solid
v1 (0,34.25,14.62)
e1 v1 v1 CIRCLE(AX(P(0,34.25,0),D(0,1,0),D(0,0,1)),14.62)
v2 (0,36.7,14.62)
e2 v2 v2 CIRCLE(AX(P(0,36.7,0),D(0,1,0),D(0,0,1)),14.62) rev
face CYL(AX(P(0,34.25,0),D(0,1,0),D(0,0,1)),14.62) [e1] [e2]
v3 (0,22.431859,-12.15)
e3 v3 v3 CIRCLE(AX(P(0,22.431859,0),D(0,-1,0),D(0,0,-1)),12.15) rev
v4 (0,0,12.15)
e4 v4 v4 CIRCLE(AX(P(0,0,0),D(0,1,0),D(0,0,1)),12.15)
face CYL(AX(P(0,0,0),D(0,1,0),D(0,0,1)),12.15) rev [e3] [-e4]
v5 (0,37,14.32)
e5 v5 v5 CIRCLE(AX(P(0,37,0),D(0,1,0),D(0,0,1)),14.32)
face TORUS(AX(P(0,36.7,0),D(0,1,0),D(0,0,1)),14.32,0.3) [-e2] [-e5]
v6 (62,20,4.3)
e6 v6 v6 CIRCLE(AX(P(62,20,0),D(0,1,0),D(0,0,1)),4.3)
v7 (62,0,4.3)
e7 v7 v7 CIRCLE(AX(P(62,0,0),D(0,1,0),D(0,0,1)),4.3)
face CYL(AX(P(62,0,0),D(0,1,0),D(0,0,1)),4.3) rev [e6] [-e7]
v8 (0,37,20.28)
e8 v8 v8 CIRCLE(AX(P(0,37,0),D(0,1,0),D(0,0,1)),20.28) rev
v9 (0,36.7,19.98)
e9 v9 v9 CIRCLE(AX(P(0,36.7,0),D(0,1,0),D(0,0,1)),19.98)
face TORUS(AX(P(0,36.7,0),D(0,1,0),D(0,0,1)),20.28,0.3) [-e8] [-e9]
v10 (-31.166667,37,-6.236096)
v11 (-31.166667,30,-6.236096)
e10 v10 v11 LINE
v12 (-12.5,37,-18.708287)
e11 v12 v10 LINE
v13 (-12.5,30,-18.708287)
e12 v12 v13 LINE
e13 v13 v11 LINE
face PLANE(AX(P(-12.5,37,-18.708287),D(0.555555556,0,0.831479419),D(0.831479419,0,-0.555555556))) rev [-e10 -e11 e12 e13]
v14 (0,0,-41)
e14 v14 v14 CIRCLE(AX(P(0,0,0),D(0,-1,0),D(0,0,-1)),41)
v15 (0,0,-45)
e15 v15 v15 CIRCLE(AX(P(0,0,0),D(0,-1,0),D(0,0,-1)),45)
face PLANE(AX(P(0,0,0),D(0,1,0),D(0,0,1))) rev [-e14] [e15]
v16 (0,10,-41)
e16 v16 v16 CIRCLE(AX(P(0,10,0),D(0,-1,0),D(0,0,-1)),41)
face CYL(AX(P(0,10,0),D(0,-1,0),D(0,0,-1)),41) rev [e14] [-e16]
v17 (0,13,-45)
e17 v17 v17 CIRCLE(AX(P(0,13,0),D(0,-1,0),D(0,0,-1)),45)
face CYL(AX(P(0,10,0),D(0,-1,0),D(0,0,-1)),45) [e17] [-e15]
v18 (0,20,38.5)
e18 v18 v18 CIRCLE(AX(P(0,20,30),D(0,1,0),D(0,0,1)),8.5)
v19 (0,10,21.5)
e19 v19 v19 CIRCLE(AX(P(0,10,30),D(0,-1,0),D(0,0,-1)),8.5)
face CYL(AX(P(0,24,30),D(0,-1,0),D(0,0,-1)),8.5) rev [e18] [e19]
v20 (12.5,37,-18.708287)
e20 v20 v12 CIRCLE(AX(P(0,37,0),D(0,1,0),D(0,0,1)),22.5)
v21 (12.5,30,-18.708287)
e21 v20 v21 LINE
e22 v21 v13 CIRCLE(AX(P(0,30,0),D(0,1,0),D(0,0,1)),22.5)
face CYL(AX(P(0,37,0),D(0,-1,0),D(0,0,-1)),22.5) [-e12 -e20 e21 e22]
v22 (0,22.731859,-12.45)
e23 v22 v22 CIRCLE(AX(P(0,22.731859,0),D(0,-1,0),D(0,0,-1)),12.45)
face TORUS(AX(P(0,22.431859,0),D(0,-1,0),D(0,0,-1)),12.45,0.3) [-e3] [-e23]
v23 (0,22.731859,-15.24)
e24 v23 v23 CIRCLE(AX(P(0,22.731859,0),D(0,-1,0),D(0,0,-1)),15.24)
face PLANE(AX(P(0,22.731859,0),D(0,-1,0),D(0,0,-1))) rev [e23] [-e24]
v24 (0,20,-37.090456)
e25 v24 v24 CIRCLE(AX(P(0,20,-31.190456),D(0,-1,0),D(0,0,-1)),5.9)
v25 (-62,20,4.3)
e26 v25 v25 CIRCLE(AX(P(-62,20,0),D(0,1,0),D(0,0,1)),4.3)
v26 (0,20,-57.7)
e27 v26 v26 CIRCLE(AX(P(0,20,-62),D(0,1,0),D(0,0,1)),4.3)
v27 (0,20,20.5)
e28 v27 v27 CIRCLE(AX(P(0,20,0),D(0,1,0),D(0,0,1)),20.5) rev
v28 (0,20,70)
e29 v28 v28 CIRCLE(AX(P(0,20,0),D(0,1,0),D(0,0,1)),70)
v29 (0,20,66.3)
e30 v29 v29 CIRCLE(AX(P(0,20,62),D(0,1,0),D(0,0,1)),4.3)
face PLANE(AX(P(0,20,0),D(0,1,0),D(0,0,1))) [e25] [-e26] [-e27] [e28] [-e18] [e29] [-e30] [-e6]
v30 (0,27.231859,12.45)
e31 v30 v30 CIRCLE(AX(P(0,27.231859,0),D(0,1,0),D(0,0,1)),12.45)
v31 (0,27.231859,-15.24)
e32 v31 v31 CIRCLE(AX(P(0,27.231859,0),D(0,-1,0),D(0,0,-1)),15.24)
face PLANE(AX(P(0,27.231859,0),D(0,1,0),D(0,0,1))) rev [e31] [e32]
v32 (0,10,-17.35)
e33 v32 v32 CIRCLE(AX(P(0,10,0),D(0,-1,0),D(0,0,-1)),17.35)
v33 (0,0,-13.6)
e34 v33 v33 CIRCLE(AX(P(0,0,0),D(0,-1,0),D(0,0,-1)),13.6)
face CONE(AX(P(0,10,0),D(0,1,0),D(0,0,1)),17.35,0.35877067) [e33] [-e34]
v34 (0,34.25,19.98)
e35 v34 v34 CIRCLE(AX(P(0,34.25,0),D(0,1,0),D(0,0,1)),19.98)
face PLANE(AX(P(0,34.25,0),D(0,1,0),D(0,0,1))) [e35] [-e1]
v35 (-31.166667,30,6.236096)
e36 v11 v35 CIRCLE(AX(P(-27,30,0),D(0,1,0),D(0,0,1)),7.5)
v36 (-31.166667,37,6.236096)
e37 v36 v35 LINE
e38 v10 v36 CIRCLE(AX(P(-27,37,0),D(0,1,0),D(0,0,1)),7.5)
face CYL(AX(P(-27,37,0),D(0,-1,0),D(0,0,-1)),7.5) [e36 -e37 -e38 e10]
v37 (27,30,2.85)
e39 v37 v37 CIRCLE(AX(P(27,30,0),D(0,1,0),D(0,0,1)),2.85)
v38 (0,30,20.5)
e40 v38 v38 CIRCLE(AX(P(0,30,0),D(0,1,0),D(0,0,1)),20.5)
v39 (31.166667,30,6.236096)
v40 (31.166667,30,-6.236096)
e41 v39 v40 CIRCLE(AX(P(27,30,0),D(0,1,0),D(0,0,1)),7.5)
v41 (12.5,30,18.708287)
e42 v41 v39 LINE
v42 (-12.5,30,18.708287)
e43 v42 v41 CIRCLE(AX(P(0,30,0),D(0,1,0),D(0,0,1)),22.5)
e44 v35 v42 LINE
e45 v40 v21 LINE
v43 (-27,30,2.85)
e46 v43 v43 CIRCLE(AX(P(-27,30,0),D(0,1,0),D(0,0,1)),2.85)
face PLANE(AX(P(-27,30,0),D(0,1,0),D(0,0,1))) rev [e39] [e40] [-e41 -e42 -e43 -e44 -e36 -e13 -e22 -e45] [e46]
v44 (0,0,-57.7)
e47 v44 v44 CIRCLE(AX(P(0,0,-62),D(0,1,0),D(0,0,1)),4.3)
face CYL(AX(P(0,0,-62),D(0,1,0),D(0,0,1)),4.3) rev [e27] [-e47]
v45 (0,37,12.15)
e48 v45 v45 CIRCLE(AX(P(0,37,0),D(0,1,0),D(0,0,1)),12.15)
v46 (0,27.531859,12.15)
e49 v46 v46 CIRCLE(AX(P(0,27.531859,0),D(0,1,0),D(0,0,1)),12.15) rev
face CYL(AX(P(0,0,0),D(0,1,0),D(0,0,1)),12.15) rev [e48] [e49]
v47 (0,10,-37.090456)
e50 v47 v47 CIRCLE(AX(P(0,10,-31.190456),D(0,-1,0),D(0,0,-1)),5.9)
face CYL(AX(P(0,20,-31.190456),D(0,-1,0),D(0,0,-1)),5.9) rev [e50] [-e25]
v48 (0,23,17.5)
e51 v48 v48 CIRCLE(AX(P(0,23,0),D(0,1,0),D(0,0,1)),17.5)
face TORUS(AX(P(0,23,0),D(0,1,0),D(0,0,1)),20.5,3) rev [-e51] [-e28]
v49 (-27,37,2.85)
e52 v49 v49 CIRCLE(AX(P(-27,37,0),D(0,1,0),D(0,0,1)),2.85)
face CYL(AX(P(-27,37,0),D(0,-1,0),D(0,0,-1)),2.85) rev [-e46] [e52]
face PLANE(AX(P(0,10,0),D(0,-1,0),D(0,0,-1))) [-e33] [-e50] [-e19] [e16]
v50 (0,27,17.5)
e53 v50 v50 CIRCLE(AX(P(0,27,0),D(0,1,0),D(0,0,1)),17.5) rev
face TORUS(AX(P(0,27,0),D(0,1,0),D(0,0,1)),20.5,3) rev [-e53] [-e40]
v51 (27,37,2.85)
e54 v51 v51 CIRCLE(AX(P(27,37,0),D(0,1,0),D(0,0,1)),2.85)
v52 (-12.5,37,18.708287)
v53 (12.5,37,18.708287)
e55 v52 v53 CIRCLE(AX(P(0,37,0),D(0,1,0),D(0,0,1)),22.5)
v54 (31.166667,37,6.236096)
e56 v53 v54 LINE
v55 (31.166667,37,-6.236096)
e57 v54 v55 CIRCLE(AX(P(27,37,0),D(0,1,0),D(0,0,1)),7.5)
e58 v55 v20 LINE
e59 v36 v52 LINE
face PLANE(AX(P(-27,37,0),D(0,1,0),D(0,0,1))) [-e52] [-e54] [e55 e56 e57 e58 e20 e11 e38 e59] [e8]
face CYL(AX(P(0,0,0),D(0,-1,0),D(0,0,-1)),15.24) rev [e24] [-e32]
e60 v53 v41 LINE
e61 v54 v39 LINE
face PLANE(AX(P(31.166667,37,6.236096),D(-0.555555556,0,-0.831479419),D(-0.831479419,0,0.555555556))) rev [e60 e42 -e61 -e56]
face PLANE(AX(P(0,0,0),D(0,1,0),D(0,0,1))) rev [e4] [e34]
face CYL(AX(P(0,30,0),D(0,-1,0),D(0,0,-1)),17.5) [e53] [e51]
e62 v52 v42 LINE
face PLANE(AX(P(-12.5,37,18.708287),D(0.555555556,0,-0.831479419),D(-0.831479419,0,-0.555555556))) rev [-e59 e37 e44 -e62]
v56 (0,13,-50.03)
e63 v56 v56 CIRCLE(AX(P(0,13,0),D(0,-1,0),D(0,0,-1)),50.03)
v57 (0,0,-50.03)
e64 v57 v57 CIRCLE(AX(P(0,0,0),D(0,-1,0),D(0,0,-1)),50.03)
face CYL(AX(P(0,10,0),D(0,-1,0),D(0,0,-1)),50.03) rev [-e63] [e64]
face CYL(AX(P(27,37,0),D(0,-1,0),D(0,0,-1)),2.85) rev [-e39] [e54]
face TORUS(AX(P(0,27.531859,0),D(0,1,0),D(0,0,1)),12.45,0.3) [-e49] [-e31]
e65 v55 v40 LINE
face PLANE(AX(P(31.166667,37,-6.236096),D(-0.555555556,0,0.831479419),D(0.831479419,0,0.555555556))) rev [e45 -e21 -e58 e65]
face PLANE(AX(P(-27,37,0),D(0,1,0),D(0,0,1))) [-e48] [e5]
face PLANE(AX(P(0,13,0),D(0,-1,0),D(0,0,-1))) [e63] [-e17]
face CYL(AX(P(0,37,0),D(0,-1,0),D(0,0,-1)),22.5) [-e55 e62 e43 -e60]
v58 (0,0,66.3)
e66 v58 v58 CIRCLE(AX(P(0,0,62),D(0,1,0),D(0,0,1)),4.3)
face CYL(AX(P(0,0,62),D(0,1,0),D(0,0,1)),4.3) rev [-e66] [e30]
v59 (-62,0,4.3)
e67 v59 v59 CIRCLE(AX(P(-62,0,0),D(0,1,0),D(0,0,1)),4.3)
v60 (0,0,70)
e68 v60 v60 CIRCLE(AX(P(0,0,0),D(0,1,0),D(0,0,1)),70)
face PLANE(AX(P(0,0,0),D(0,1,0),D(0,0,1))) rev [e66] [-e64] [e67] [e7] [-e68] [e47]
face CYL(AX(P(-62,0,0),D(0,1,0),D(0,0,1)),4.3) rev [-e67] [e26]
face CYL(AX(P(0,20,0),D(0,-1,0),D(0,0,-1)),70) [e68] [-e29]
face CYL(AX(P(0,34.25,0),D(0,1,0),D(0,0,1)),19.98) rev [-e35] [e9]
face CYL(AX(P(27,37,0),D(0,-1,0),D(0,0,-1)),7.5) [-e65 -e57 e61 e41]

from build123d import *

# Parameters (mm, degrees)
IZIM1_R                     = 70
Y_KSEKLIK_EKSTR_ZYON1_DEPTH = 20
IZIM2_R                     = 50.03
IZIM2_R_2                   = 45
IZIM2_R_3                   = 41
IZIM2_R_4                   = 17.35
KES_EKSTR_ZYON1_DEPTH       = 10
IZIM5_R                     = 17.5
Y_KSEKLIK_EKSTR_ZYON2_DEPTH = 10
IZIM7_R                     = 2.85
Y_KSEKLIK_EKSTR_ZYON3_DEPTH = 7
IZIM8_R                     = 12.15
KES_EKSTR_ZYON3_DEPTH       = 106.683489723
IZIM9_R                     = 19.98
IZIM9_R_2                   = 14.62
KES_EKSTR_ZYON4_DEPTH       = 2.75
RADYUS1_R                   = 0.3
RADYUS2_R                   = 3
IZIM10_W                    = 3.323821642
IZIM10_H                    = 4.5
RADYUS3_R                   = 0.3
IZIM12_R                    = 4.3
KES_EKSTR_ZYON5_DEPTH       = 101.995049384
IZIM13_R                    = 8.5
KES_EKSTR_ZYON6_DEPTH       = 14
IZIM14_R                    = 50.03
IZIM14_R_2                  = 45
KES_EKSTR_ZYON8_DEPTH       = 3
IZIM15_R                    = 5.9
KES_EKSTR_ZYON9_DEPTH       = 10


with BuildPart() as part:
    # Çizim1 → Yükseklik-Ekstrüzyon1 (new body)
    with BuildSketch(Plane(origin=(0, 0, 0), x_dir=(1, 0, 0), z_dir=(0, 1, 0))):
        with Locations(Location((0, 0, 0), (0, 0, 270))):
            Circle(IZIM1_R)
    extrude(amount=Y_KSEKLIK_EKSTR_ZYON1_DEPTH)

    # Çizim2 → Kes-Ekstrüzyon1 (cut)
    # profile 1 of 2: a face of its own
    with BuildSketch(Plane.XZ):
        with Locations(Location((0, 0, 0), (0, 0, 270))):
            Circle(IZIM2_R)
        with Locations(Location((0, 0, 0), (0, 0, 270))):
            Circle(IZIM2_R_2, mode=Mode.SUBTRACT)
    # profile 2 of 2: a face of its own
    with BuildSketch(Plane.XZ):
        with Locations(Location((0, 0, 0), (0, 0, 270))):
            Circle(IZIM2_R_3)
        with Locations(Location((0, 0, 0), (0, 0, 270))):
            Circle(IZIM2_R_4, mode=Mode.SUBTRACT)
    extrude(amount=-KES_EKSTR_ZYON1_DEPTH, mode=Mode.SUBTRACT)

    # Çizim4 → Kes-Döndür1 (revolve, cut)
    with BuildSketch(Plane.XY, mode=Mode.PRIVATE) as kes_d_nd_r1_sk:
        Polygon((-17.35, 10), (-17.35, 0), (-13.6, 0), align=None)
    revolve(kes_d_nd_r1_sk.sketch.rotate(Axis((0, 0, 0), (0, 1, 0)), 270), axis=Axis((0, 0, 0), (0, 1, 0)), mode=Mode.SUBTRACT)

    # Çizim5 → Yükseklik-Ekstrüzyon2 (add)
    with BuildSketch(Plane(origin=(0, 20, 0), x_dir=(1, 0, 0), z_dir=(0, 1, 0))):
        with Locations(Location((0, 0, 0), (0, 0, 270))):
            Circle(IZIM5_R)
    extrude(amount=Y_KSEKLIK_EKSTR_ZYON2_DEPTH)

    # Çizim7 → Yükseklik-Ekstrüzyon3 (add)
    with BuildSketch(Plane(origin=(0, 30, 0), x_dir=(1, 0, 0), z_dir=(0, 1, 0))):
        with BuildLine():
            Line((31.166666667, -6.236095645), (12.5, -18.708286934))
            ThreePointArc((12.5, -18.708286934), (0, -22.5), (-12.5, -18.708286934))
            Line((-12.5, -18.708286934), (-31.166666667, -6.236095645))
            ThreePointArc((-31.166666667, -6.236095645), (-34.5, 0), (-31.166666667, 6.236095645))
            Line((-31.166666667, 6.236095645), (-12.5, 18.708286934))
            ThreePointArc((-12.5, 18.708286934), (0, 22.5), (12.5, 18.708286934))
            Line((12.5, 18.708286934), (31.166666667, 6.236095645))
            ThreePointArc((31.166666667, 6.236095645), (34.5, 0), (31.166666667, -6.236095645))
        make_face()
        with Locations(Location((-27, 0, 0), (0, 0, 270))):
            Circle(IZIM7_R, mode=Mode.SUBTRACT)
        with Locations(Location((27, 0, 0), (0, 0, 270))):
            Circle(IZIM7_R, mode=Mode.SUBTRACT)
    extrude(amount=Y_KSEKLIK_EKSTR_ZYON3_DEPTH)

    # Çizim8 → Kes-Ekstrüzyon3 (cut, through all)
    with BuildSketch(Plane(origin=(0, 37, 0), x_dir=(1, 0, 0), z_dir=(0, 1, 0))):
        with Locations(Location((0, 0, 0), (0, 0, 270))):
            Circle(IZIM8_R)
    extrude(amount=-KES_EKSTR_ZYON3_DEPTH, mode=Mode.SUBTRACT)

    # Çizim9 → Kes-Ekstrüzyon4 (cut)
    with BuildSketch(Plane(origin=(0, 37, 0), x_dir=(1, 0, 0), z_dir=(0, 1, 0))):
        with Locations(Location((0, 0, 0), (0, 0, 270))):
            Circle(IZIM9_R)
        with Locations(Location((0, 0, 0), (0, 0, 270))):
            Circle(IZIM9_R_2, mode=Mode.SUBTRACT)
    extrude(amount=-KES_EKSTR_ZYON4_DEPTH, mode=Mode.SUBTRACT)

    # Radyus1
    radyus1_edges = [part.edges().sort_by_distance(p)[0] for p in [
        (0, 37, -19.98),
        (0, 37, -14.62),
    ]]
    fillet(radyus1_edges, radius=RADYUS1_R)

    # Radyus2
    radyus2_edges = [part.edges().sort_by_distance(p)[0] for p in [
        (0, 20, -17.5),
        (0, 30, -17.5),
    ]]
    fillet(radyus2_edges, radius=RADYUS2_R)

    # Çizim10 → Kes-Döndür2 (revolve, cut)
    with BuildSketch(Plane.XY, mode=Mode.PRIVATE) as kes_d_nd_r2_sk:
        with Locations((-13.578089179, 24.981859074)):
            Rectangle(IZIM10_W, IZIM10_H)
    revolve(kes_d_nd_r2_sk.sketch.rotate(Axis((0, 0, 0), (0, 1, 0)), 90), axis=Axis((0, 0, 0), (0, 1, 0)), mode=Mode.SUBTRACT)

    # Radyus3
    radyus3_edges = [part.edges().sort_by_distance(p)[0] for p in [
        (0, 27.231859074, -12.15),
        (0, 22.731859074, -12.15),
    ]]
    fillet(radyus3_edges, radius=RADYUS3_R)

    # Çizim12 → Kes-Ekstrüzyon5 (cut, through all)
    with BuildSketch(Plane(origin=(0, 20, 0), x_dir=(1, 0, 0), z_dir=(0, 1, 0))):
        with Locations(Location((0, 62, 0), (0, 0, 270))):
            Circle(IZIM12_R)
        with Locations(Location((62, 0, 0), (0, 0, 270))):
            Circle(IZIM12_R)
        with Locations(Location((0, -62, 0), (0, 0, 270))):
            Circle(IZIM12_R)
        with Locations(Location((-62, 0, 0), (0, 0, 270))):
            Circle(IZIM12_R)
    extrude(amount=-KES_EKSTR_ZYON5_DEPTH, mode=Mode.SUBTRACT)

    # Çizim13 → Kes-Ekstrüzyon6 (cut)
    with BuildSketch(Plane.XZ.offset(-10)):
        with Locations(Location((0, 30, 0), (0, 0, 270))):
            Circle(IZIM13_R)
    extrude(amount=-KES_EKSTR_ZYON6_DEPTH, mode=Mode.SUBTRACT)

    # Çizim14 → Kes-Ekstrüzyon8 (cut)
    with BuildSketch(Plane.XZ.offset(-10)):
        with Locations(Location((0, 0, 0), (0, 0, 270))):
            Circle(IZIM14_R)
        with Locations(Location((0, 0, 0), (0, 0, 270))):
            Circle(IZIM14_R_2, mode=Mode.SUBTRACT)
    extrude(amount=-KES_EKSTR_ZYON8_DEPTH, mode=Mode.SUBTRACT)

    # Çizim15 → Kes-Ekstrüzyon9 (cut)
    with BuildSketch(Plane.XZ.offset(-10)):
        with Locations(Location((0, -31.190456297, 0), (0, 0, 270))):
            Circle(IZIM15_R)
    extrude(amount=-KES_EKSTR_ZYON9_DEPTH, mode=Mode.SUBTRACT)


solid = part.part
